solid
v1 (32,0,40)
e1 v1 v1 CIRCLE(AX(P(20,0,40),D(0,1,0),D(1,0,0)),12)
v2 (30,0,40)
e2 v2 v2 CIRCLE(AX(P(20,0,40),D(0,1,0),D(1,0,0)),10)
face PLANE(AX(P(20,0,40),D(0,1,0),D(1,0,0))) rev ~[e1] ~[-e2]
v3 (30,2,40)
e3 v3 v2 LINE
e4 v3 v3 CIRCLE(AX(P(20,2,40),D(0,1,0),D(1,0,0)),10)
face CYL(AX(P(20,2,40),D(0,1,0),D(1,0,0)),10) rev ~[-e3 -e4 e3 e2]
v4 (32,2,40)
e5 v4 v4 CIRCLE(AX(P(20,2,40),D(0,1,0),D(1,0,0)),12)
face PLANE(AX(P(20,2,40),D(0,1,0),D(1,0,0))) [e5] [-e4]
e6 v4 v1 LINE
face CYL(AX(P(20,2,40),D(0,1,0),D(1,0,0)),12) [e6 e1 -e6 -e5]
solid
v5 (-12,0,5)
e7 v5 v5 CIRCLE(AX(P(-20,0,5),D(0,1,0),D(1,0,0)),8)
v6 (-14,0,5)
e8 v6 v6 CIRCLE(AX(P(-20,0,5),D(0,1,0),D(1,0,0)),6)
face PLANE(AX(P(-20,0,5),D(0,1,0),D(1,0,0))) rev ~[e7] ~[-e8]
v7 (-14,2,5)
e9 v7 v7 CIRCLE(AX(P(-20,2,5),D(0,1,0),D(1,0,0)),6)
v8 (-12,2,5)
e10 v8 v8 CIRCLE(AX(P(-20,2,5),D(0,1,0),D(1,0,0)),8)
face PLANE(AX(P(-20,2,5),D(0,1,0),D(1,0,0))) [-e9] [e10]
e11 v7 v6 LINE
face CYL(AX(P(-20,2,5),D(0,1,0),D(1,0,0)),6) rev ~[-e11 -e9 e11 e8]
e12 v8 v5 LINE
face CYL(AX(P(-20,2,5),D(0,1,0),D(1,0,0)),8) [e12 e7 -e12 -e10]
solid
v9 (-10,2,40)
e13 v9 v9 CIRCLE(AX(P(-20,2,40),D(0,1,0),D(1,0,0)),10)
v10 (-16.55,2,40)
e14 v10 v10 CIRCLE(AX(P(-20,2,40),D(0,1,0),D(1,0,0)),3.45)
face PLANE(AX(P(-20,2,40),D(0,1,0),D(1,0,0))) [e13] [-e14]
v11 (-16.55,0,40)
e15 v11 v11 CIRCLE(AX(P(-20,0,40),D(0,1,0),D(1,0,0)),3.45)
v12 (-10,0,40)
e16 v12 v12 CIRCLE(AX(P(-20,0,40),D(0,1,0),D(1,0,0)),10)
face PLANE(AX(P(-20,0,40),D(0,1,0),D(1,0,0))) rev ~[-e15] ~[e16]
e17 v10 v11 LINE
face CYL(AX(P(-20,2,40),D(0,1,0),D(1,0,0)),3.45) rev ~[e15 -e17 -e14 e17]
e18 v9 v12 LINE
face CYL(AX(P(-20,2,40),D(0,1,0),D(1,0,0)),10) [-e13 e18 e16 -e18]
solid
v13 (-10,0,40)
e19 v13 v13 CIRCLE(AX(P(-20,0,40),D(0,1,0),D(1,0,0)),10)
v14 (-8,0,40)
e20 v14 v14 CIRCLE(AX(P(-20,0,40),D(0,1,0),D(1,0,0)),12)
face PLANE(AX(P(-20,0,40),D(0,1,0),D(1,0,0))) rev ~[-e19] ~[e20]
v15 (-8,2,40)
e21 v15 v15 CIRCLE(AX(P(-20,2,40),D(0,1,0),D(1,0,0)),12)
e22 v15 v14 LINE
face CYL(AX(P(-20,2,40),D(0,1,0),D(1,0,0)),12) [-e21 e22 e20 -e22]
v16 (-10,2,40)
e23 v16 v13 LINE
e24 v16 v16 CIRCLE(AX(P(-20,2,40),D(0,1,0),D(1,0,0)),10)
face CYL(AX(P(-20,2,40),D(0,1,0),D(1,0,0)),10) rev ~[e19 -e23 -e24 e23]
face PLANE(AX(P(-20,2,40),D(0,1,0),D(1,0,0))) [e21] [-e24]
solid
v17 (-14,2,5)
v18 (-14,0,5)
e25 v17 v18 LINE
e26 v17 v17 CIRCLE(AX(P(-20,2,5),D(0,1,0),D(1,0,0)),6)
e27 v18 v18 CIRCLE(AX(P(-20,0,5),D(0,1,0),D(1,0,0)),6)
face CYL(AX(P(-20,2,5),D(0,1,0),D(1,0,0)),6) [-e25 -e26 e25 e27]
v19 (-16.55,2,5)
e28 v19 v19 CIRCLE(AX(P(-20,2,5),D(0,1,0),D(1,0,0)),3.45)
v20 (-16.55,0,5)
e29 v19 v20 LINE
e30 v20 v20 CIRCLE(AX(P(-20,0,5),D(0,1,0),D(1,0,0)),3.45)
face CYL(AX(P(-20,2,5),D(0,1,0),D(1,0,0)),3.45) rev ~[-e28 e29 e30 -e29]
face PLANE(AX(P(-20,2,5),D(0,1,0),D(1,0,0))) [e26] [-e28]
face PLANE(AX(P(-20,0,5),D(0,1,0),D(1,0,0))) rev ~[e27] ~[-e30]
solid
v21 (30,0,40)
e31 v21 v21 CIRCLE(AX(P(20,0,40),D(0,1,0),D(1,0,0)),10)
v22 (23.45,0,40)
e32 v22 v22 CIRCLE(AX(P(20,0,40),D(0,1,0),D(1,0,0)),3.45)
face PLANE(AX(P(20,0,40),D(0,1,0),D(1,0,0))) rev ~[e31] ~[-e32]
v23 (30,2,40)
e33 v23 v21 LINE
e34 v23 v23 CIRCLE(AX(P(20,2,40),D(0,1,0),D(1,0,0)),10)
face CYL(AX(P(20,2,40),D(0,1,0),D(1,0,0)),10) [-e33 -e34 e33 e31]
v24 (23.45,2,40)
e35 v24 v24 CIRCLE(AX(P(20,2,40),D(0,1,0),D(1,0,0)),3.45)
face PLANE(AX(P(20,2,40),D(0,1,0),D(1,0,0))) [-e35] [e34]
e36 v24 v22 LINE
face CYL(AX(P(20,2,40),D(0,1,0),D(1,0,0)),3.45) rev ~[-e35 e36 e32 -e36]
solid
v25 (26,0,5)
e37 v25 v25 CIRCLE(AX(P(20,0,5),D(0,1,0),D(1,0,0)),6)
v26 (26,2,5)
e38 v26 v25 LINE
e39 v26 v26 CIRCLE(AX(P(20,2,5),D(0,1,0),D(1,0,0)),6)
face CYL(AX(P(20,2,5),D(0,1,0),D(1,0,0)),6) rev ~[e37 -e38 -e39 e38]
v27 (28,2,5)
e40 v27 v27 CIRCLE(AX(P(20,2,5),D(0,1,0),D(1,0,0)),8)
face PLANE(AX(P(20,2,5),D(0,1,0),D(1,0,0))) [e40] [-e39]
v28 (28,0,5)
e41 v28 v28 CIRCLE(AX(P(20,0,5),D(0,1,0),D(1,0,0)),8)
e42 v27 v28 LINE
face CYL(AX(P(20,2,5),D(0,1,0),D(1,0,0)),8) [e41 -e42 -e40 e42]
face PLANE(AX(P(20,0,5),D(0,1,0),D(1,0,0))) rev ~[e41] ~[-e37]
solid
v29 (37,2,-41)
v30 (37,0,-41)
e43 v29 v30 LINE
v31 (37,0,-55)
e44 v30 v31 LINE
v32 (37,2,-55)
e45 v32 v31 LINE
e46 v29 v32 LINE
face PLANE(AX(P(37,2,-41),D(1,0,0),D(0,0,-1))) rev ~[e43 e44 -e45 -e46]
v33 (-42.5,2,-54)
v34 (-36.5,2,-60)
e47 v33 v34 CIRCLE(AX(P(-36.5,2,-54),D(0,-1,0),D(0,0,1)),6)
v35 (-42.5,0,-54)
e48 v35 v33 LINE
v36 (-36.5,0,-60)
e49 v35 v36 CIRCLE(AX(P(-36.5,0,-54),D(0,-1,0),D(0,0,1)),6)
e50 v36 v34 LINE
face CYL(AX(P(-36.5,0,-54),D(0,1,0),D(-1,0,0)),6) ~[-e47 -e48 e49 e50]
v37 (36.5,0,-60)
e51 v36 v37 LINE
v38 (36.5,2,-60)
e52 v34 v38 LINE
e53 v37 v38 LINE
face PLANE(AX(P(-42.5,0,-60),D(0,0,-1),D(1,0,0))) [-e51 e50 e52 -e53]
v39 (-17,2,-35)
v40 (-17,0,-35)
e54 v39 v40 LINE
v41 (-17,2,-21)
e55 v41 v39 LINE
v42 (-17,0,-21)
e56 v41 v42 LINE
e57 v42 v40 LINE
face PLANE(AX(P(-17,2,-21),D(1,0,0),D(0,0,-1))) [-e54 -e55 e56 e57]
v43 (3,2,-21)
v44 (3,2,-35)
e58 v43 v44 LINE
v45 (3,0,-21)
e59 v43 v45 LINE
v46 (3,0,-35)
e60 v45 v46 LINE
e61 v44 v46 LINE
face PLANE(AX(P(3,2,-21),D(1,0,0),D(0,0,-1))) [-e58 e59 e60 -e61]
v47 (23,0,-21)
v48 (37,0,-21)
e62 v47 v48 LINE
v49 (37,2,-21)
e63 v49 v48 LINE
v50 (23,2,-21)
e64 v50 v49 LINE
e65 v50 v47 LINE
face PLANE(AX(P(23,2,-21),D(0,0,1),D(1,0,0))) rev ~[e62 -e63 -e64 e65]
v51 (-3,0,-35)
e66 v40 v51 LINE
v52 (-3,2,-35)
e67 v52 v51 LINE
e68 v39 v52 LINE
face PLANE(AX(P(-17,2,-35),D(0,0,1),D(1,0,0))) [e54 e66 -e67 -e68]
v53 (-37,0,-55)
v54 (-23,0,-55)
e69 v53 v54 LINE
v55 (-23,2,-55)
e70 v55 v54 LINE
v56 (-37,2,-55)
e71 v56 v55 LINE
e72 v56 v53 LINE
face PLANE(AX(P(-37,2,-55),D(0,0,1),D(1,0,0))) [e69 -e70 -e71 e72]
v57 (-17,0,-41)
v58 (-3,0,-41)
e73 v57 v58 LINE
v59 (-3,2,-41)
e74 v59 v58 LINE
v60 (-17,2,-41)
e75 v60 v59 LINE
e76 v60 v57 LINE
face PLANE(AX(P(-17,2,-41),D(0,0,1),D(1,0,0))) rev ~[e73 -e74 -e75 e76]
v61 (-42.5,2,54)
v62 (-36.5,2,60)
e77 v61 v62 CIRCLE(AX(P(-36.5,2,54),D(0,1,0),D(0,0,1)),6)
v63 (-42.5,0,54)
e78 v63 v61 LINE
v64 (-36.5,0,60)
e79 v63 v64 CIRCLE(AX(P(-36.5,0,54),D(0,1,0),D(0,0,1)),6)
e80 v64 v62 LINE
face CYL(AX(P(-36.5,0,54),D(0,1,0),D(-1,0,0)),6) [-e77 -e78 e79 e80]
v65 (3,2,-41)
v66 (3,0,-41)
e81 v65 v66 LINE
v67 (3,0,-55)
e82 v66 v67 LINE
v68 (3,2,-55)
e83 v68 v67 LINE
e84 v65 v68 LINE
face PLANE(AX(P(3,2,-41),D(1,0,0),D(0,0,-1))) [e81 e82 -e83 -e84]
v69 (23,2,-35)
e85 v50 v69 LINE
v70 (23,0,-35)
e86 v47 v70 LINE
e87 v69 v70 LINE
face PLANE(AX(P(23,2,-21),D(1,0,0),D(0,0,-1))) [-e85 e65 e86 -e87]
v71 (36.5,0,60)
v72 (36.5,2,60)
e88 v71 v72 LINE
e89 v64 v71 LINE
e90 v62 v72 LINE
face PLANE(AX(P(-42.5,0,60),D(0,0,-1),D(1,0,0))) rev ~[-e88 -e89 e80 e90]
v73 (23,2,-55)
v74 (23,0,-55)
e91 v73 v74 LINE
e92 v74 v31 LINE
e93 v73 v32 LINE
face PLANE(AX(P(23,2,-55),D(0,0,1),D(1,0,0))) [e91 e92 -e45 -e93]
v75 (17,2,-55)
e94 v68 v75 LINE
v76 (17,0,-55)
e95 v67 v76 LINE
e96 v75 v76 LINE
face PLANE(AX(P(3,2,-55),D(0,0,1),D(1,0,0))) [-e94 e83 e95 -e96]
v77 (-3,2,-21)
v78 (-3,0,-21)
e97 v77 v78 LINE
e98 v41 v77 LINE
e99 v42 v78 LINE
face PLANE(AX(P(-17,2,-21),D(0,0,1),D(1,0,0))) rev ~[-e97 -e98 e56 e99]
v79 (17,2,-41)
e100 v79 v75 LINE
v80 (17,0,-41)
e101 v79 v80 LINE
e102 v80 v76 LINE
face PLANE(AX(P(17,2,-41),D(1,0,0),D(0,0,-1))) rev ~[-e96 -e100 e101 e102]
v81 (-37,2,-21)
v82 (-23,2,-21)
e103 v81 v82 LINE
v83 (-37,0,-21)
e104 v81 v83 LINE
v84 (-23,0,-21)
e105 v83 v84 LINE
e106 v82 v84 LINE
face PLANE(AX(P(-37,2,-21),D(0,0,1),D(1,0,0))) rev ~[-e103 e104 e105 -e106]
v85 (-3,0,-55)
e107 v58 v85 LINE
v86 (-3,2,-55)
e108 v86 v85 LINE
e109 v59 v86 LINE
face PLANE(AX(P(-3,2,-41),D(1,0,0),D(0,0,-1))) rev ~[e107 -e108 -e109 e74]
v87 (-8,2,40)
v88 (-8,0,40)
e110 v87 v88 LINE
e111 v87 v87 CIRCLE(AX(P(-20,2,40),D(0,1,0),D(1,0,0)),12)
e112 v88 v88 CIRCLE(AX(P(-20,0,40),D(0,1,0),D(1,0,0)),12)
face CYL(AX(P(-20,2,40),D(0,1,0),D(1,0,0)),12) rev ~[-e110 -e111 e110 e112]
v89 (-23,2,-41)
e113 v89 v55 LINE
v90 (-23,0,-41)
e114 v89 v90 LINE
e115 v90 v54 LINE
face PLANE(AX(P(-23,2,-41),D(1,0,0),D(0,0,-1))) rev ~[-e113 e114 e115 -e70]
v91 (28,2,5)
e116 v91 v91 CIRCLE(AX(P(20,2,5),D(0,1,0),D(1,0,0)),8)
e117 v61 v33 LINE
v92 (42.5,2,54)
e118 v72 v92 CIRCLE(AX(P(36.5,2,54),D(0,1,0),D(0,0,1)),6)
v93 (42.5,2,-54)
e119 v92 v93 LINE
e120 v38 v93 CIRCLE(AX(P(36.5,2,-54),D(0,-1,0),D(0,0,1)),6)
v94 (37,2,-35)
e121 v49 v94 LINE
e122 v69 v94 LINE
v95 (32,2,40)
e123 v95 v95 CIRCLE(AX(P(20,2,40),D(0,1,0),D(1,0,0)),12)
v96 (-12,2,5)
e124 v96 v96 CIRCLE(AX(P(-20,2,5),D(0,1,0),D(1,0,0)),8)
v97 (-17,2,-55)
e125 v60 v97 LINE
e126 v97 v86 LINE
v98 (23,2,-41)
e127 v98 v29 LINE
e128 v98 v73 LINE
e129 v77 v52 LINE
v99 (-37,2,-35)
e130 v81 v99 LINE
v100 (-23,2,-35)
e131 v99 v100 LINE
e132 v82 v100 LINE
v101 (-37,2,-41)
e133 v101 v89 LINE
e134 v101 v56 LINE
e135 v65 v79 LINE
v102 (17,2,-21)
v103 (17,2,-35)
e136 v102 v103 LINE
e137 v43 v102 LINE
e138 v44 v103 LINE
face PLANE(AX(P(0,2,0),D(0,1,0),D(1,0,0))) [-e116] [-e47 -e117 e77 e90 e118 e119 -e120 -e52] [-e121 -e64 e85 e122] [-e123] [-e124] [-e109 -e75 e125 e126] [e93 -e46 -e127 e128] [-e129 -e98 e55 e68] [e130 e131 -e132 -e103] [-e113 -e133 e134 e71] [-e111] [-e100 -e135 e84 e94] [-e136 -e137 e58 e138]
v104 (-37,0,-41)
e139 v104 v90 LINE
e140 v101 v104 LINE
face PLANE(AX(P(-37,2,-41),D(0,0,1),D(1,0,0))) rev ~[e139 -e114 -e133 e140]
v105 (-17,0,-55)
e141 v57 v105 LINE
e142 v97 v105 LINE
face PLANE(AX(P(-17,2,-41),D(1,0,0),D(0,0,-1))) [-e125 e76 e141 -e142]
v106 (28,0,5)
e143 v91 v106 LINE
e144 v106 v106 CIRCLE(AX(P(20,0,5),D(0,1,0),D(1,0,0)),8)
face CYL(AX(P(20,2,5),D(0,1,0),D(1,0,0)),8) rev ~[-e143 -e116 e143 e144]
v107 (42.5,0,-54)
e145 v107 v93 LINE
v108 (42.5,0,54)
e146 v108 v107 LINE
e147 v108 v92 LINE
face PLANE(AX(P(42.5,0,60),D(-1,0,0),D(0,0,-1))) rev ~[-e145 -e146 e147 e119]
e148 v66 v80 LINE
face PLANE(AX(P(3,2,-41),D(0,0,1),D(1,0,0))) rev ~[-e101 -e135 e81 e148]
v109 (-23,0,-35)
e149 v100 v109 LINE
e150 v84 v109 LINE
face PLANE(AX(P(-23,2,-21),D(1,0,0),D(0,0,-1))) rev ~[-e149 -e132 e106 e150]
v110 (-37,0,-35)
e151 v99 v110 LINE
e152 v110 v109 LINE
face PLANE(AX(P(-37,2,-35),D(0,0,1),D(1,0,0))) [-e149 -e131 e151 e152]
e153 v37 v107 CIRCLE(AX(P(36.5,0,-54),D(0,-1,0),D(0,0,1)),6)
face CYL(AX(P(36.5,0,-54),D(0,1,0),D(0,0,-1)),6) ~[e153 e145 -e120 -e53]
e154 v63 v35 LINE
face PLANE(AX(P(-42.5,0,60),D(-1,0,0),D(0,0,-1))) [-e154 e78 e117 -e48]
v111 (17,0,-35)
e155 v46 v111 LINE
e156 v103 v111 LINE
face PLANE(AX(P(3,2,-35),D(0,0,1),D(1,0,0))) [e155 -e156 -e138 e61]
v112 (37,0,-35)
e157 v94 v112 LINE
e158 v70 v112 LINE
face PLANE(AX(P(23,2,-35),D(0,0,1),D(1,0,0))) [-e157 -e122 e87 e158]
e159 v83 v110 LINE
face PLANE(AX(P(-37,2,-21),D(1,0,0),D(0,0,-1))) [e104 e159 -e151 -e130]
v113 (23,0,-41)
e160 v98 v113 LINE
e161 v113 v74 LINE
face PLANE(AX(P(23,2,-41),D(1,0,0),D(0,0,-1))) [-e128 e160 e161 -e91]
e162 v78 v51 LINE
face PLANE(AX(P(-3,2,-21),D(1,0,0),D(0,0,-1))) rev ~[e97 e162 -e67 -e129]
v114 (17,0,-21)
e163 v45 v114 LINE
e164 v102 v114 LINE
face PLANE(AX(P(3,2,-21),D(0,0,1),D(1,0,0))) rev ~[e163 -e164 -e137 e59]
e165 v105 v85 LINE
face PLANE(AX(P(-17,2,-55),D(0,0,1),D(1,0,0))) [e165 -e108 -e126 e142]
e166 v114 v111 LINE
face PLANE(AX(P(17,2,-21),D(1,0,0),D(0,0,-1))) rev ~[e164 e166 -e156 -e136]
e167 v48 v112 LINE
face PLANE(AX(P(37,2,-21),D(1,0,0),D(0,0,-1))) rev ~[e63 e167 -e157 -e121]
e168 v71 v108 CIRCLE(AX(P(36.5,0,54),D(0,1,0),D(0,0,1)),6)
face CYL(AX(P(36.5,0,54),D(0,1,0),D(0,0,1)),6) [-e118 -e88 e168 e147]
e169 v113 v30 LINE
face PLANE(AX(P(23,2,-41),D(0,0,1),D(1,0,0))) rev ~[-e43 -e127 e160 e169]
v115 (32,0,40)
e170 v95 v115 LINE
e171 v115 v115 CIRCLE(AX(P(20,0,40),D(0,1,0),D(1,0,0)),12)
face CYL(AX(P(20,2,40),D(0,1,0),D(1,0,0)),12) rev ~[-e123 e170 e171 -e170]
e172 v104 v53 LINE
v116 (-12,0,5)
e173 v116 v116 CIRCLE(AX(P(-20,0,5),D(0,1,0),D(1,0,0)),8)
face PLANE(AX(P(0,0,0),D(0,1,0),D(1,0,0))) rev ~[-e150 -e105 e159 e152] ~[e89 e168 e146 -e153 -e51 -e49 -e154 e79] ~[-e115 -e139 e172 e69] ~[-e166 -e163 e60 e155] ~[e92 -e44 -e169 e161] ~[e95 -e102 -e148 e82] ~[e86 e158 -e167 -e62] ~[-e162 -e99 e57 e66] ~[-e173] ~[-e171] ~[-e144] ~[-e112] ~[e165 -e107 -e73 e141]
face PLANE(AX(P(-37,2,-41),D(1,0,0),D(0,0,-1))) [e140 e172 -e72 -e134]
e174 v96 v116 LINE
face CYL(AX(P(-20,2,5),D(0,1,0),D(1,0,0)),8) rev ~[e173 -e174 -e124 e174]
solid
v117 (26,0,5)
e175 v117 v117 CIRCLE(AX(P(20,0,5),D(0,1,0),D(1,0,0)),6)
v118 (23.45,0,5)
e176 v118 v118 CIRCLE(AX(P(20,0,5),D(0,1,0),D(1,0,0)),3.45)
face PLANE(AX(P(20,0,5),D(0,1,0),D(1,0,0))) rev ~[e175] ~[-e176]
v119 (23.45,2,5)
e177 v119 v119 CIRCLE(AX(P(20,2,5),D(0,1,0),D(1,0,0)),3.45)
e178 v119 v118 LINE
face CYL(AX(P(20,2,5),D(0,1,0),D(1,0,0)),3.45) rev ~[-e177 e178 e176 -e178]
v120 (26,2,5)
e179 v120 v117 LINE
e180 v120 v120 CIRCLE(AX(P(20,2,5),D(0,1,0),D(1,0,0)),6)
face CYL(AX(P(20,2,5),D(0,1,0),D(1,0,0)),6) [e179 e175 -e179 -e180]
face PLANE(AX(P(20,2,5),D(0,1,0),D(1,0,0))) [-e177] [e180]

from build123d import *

# Parameters (mm, degrees)
ESQUISSE1_W             = 85
ESQUISSE1_H             = 120
BOSS_EXTRU_1_DEPTH      = 2
ESQUISSE2_W             = 14
ESQUISSE2_H             = 14
ENL_V_MAT_EXTRU_1_DEPTH = 2
ESQUISSE3_R             = 8
ESQUISSE3_R_2           = 12
ENL_V_MAT_EXTRU_2_DEPTH = 2
CONG_1_R                = 6
ESQUISSE4_R             = 8
ESQUISSE4_R_2           = 6
BOSS_EXTRU_2_DEPTH      = 2
ESQUISSE4_R_3           = 12
ESQUISSE4_R_4           = 10
BOSS_EXTRU_2_2_DEPTH    = 2
BOSS_EXTRU_2_3_DEPTH    = 2
BOSS_EXTRU_2_4_DEPTH    = 2
ESQUISSE5_R             = 10
ESQUISSE5_R_2           = 3.45
BOSS_EXTRU_4_DEPTH      = 2
BOSS_EXTRU_4_2_DEPTH    = 2
ESQUISSE5_R_3           = 6
BOSS_EXTRU_4_3_DEPTH    = 2
BOSS_EXTRU_4_4_DEPTH    = 2


with BuildPart() as part:
    # Esquisse1 → Boss.-Extru.1 (new body)
    with BuildSketch(Plane(origin=(0, 0, 0), x_dir=(1, 0, 0), z_dir=(0, 1, 0))):
        Rectangle(ESQUISSE1_W, ESQUISSE1_H)
    extrude(amount=BOSS_EXTRU_1_DEPTH)

    # Esquisse2 → Enlèv. mat.-Extru.1 (cut)
    with BuildSketch(Plane(origin=(0, 2, 0), x_dir=(1, 0, 0), z_dir=(0, 1, 0))):
        with Locations((-30, 48)):
            Rectangle(ESQUISSE2_W, ESQUISSE2_H)
        with Locations((-10, 48)):
            Rectangle(ESQUISSE2_W, ESQUISSE2_H)
        with Locations((10, 48)):
            Rectangle(ESQUISSE2_W, ESQUISSE2_H)
        with Locations((30, 48)):
            Rectangle(ESQUISSE2_W, ESQUISSE2_H)
        with Locations((30, 28)):
            Rectangle(ESQUISSE2_W, ESQUISSE2_H)
        with Locations((10, 28)):
            Rectangle(ESQUISSE2_W, ESQUISSE2_H)
        with Locations((-10, 28)):
            Rectangle(ESQUISSE2_W, ESQUISSE2_H)
        with Locations((-30, 28)):
            Rectangle(ESQUISSE2_W, ESQUISSE2_H)
    extrude(amount=-ENL_V_MAT_EXTRU_1_DEPTH, mode=Mode.SUBTRACT)

    # Esquisse3 → Enlèv. mat.-Extru.2 (cut)
    with BuildSketch(Plane(origin=(0, 2, 0), x_dir=(1, 0, 0), z_dir=(0, 1, 0))):
        with Locations((-20, -5)):
            Circle(ESQUISSE3_R)
        with Locations((-20, -40)):
            Circle(ESQUISSE3_R_2)
        with Locations((20, -5)):
            Circle(ESQUISSE3_R)
        with Locations((20, -40)):
            Circle(ESQUISSE3_R_2)
    extrude(amount=-ENL_V_MAT_EXTRU_2_DEPTH, mode=Mode.SUBTRACT)

    # Congé1
    cong_1_edges = [part.edges().sort_by_distance(p)[0] for p in [
        (42.5, 1, 60),
        (-42.5, 1, 60),
        (-42.5, 1, -60),
        (42.5, 1, -60),
    ]]
    fillet(cong_1_edges, radius=CONG_1_R)


with BuildPart() as body_2:
    # Esquisse4 → Boss.-Extru.2 (new body)
    with BuildSketch(Plane(origin=(0, 2, 0), x_dir=(1, 0, 0), z_dir=(0, 1, 0))):
        with Locations((-20, -5)):
            Circle(ESQUISSE4_R)
        with Locations((-20, -5)):
            Circle(ESQUISSE4_R_2, mode=Mode.SUBTRACT)
    extrude(amount=-BOSS_EXTRU_2_DEPTH)


with BuildPart() as body_3:
    # Esquisse4 → Boss.-Extru.2 2 (new body)
    with BuildSketch(Plane(origin=(0, 2, 0), x_dir=(1, 0, 0), z_dir=(0, 1, 0))):
        with Locations((-20, -40)):
            Circle(ESQUISSE4_R_3)
        with Locations((-20, -40)):
            Circle(ESQUISSE4_R_4, mode=Mode.SUBTRACT)
    extrude(amount=-BOSS_EXTRU_2_2_DEPTH)


with BuildPart() as body_4:
    # Esquisse4 → Boss.-Extru.2 3 (new body)
    with BuildSketch(Plane(origin=(0, 2, 0), x_dir=(1, 0, 0), z_dir=(0, 1, 0))):
        with Locations((20, -40)):
            Circle(ESQUISSE4_R_3)
        with Locations((20, -40)):
            Circle(ESQUISSE4_R_4, mode=Mode.SUBTRACT)
    extrude(amount=-BOSS_EXTRU_2_3_DEPTH)


with BuildPart() as body_5:
    # Esquisse4 → Boss.-Extru.2 4 (new body)
    with BuildSketch(Plane(origin=(0, 2, 0), x_dir=(1, 0, 0), z_dir=(0, 1, 0))):
        with Locations((20, -5)):
            Circle(ESQUISSE4_R)
        with Locations((20, -5)):
            Circle(ESQUISSE4_R_2, mode=Mode.SUBTRACT)
    extrude(amount=-BOSS_EXTRU_2_4_DEPTH)


with BuildPart() as body_6:
    # Esquisse5 → Boss.-Extru.4 (new body)
    with BuildSketch(Plane(origin=(0, 2, 0), x_dir=(1, 0, 0), z_dir=(0, 1, 0))):
        with Locations((-20, -40)):
            Circle(ESQUISSE5_R)
        with Locations((-20, -40)):
            Circle(ESQUISSE5_R_2, mode=Mode.SUBTRACT)
    extrude(amount=-BOSS_EXTRU_4_DEPTH)


with BuildPart() as body_7:
    # Esquisse5 → Boss.-Extru.4 2 (new body)
    with BuildSketch(Plane(origin=(0, 2, 0), x_dir=(1, 0, 0), z_dir=(0, 1, 0))):
        with Locations((20, -40)):
            Circle(ESQUISSE5_R)
        with Locations((20, -40)):
            Circle(ESQUISSE5_R_2, mode=Mode.SUBTRACT)
    extrude(amount=-BOSS_EXTRU_4_2_DEPTH)


with BuildPart() as body_8:
    # Esquisse5 → Boss.-Extru.4 3 (new body)
    with BuildSketch(Plane(origin=(0, 2, 0), x_dir=(1, 0, 0), z_dir=(0, 1, 0))):
        with Locations((20, -5)):
            Circle(ESQUISSE5_R_3)
        with Locations((20, -5)):
            Circle(ESQUISSE5_R_2, mode=Mode.SUBTRACT)
    extrude(amount=-BOSS_EXTRU_4_3_DEPTH)


with BuildPart() as body_9:
    # Esquisse5 → Boss.-Extru.4 4 (new body)
    with BuildSketch(Plane(origin=(0, 2, 0), x_dir=(1, 0, 0), z_dir=(0, 1, 0))):
        with Locations((-20, -5)):
            Circle(ESQUISSE5_R_3)
        with Locations((-20, -5)):
            Circle(ESQUISSE5_R_2, mode=Mode.SUBTRACT)
    extrude(amount=-BOSS_EXTRU_4_4_DEPTH)


solid = Compound([part.part, body_2.part, body_3.part, body_4.part, body_5.part, body_6.part, body_7.part, body_8.part, body_9.part])
